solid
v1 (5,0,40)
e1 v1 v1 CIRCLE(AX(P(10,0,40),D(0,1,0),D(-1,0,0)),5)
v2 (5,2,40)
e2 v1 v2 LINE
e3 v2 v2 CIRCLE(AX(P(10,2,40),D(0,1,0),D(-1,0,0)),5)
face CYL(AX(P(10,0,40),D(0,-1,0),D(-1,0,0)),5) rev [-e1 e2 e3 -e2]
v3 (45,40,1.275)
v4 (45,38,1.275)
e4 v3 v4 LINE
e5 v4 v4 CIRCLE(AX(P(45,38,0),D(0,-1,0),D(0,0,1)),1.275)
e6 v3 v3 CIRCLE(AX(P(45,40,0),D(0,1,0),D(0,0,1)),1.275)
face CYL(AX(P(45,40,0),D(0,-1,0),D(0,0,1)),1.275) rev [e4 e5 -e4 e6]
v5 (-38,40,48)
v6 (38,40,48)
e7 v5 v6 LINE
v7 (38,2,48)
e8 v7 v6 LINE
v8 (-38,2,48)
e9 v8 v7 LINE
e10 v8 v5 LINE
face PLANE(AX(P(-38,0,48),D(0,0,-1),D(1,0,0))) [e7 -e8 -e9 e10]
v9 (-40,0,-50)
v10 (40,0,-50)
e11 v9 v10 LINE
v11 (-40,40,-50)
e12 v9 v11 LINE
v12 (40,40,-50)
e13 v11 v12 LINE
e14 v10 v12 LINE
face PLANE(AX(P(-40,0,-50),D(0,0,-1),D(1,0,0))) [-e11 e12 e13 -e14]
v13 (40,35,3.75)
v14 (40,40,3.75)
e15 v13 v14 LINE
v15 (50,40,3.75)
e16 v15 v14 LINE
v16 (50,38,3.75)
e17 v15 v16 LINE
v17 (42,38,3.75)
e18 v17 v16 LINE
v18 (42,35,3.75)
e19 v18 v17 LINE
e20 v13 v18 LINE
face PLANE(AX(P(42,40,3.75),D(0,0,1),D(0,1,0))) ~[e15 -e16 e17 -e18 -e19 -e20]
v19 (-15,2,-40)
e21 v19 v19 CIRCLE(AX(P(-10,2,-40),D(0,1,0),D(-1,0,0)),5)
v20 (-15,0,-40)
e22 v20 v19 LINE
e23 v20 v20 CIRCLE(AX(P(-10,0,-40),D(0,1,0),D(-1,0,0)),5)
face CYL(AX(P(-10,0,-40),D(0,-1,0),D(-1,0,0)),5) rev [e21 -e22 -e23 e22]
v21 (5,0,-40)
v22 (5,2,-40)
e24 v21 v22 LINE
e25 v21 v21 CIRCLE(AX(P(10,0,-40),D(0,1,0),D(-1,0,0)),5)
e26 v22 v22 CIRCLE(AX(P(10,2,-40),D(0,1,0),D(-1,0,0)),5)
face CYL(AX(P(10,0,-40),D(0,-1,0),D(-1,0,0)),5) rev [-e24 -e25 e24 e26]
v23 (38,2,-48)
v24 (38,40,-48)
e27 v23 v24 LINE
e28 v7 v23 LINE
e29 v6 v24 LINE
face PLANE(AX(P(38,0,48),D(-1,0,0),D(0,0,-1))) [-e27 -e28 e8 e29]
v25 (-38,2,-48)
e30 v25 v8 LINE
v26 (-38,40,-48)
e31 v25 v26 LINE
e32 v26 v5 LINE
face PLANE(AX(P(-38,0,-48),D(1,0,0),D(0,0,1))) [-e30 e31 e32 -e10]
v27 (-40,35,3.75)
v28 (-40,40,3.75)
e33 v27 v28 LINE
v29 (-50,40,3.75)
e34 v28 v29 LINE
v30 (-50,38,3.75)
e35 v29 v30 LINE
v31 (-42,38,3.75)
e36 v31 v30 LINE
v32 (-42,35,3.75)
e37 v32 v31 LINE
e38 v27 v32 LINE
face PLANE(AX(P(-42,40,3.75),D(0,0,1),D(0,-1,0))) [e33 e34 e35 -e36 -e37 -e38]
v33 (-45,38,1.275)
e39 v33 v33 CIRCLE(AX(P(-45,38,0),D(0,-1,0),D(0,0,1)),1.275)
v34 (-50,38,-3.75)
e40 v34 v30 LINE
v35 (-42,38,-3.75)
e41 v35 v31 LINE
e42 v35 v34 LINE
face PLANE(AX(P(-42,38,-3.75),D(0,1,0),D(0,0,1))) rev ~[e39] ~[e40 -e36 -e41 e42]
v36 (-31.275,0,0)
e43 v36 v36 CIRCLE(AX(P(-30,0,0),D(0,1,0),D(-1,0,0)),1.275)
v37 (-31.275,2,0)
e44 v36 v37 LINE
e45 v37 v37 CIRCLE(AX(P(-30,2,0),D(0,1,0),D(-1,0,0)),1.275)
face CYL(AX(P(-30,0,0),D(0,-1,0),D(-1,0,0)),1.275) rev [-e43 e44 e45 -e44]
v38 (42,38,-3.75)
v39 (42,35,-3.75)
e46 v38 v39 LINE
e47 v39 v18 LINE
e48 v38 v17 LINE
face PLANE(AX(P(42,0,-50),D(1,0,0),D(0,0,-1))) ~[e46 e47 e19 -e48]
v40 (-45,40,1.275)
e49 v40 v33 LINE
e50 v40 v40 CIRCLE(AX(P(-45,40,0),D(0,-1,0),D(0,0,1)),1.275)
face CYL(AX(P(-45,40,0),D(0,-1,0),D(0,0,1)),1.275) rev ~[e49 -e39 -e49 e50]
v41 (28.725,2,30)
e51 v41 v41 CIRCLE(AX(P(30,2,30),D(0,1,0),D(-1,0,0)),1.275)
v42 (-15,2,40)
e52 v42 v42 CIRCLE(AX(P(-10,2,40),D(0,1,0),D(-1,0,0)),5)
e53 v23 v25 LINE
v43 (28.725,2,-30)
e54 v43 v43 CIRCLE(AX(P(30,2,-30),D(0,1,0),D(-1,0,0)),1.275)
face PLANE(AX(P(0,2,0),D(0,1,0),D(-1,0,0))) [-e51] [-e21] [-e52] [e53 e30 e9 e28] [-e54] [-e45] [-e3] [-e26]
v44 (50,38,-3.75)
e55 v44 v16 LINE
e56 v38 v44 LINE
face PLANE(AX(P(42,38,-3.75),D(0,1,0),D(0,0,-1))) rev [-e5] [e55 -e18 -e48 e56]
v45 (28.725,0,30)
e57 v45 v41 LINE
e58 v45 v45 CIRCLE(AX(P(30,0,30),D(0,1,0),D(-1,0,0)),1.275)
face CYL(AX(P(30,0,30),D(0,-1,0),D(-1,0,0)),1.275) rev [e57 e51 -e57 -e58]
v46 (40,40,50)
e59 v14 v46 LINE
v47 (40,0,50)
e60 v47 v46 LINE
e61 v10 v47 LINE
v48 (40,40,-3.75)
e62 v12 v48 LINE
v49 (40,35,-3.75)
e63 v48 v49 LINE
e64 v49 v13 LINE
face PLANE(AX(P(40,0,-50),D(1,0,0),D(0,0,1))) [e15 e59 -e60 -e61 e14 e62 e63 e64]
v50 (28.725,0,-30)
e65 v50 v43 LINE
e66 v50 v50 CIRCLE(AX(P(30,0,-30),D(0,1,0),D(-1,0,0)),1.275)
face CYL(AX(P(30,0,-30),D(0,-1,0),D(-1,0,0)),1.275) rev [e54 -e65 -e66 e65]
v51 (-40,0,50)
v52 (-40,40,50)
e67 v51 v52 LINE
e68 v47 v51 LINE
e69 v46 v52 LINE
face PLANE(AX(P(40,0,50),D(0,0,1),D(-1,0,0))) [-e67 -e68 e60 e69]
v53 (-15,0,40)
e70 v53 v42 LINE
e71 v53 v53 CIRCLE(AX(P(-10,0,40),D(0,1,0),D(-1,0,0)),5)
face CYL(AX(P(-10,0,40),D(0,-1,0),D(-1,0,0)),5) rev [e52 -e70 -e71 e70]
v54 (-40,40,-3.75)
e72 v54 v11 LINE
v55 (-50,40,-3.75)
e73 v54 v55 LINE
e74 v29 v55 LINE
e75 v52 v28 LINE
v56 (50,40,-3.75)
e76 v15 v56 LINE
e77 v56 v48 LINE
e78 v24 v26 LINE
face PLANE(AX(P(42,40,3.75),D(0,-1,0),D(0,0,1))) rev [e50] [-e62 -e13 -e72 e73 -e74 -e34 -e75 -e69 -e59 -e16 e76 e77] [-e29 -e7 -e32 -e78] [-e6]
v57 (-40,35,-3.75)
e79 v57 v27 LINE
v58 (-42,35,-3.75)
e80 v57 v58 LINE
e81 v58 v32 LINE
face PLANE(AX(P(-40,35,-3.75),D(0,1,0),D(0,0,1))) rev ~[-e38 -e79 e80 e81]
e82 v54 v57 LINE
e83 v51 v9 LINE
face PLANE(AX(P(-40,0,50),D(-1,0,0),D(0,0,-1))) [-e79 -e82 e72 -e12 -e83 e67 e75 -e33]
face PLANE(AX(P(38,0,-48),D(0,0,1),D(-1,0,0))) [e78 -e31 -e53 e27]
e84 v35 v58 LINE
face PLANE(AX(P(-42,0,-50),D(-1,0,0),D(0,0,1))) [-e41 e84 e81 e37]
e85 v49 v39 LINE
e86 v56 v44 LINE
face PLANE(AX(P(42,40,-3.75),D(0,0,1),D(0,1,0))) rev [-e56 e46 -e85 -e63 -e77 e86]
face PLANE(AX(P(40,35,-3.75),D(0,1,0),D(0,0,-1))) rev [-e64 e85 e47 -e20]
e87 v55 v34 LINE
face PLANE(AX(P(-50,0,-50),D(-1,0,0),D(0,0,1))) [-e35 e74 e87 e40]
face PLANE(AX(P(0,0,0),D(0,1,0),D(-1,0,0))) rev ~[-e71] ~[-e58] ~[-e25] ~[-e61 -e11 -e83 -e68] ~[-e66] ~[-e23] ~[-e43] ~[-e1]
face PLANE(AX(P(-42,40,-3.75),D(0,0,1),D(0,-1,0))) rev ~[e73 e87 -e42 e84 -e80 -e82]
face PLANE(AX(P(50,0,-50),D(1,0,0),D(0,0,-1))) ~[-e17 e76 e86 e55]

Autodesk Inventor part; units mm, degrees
ref_plane "YZ Plane" through (0, 0, 0) normal (1, 0, 0) x (0, 1, 0)
ref_plane "XZ Plane" through (0, 0, 0) normal (0, 1, 0) x (-1, 0, 0)
ref_plane "XY Plane" through (0, 0, 0) normal (0, 0, 1) x (1, 0, 0)
sketch "Base" plane through (0, 0, 0) normal (0, 1, 0) x (-1, 0, 0)
  line L0 (-40, 50) -> (40, 50)
  line L1 (40, 50) -> (40, -50)
  line L2 (40, -50) -> (-40, -50)
  line L3 (-40, -50) -> (-40, 50)
  line L4 (-40, 50) -> (40, -50) construction
  line L5 (40, 50) -> (-40, -50) construction
  circle A0 centre (10, 40) radius 5
  circle A1 centre (-10, 40) radius 5
  circle A2 centre (10, -40) radius 5
  circle A3 centre (-10, -40) radius 5
  circle A4 centre (-30, 30) radius 1.275
  circle A5 centre (-30, -30) radius 1.275
  circle A6 centre (30, 0) radius 1.275
  line L6 (38, -48) -> (38, 48)
  line L7 (38, 48) -> (-38, 48)
  line L8 (-38, 48) -> (-38, -48)
  line L9 (-38, -48) -> (38, -48)
  point P0 (0, 0)
  dimension "d0" = 80
  dimension "d1" = 100
  dimension "d2" = 30
  dimension "d3" = 10
  dimension "d4" = 10
  dimension "d6" = 10
  dimension "d7" = 2.55
  dimension "d8" = 70
  dimension "d10" = 2.55
  dimension "d11" = 2
extrude "Extrusión base" add sketch "Base" along normal blind 2 contours L9 L8 L7 L6
extrude "Paredes" add sketch "Base" along normal blind 40 contours L0 L1 L2 L3
sketch "Boceto2" plane through (-40, 0, -50) normal (-1, 0, 0) x (0, 0, 1)
  line L0 (0, 40) -> (100, 40) projected
  line L1 (98, 40) -> (2, 40) projected
  line L2 (46.25, 35) -> (53.75, 35)
  line L3 (53.75, 35) -> (53.75, 40)
  line L4 (53.75, 40) -> (46.25, 40)
  line L5 (46.25, 40) -> (46.25, 35)
  line L6 (46.25, 35) -> (53.75, 40) construction
  line L7 (53.75, 35) -> (46.25, 40) construction
  point P0 (50, 0)
  point P1 (50, 37.5)
  dimension "d16" = 2.5
  dimension "d17" = 7.5
extrude "Extrusión3" add sketch "Boceto2" along normal blind 2
mirror "Simetría1" about plane through (0, 0, 0) normal (1, 0, 0) of "Extrusión3"
sketch "Boceto3" plane through (-42, 0, -50) normal (-1, 0, 0) x (0, 0, 1)
  line L0 (53.75, 40) -> (46.25, 40) projected
  line L1 (53.75, 40) -> (53.75, 35) projected
  line L2 (46.25, 38) -> (53.75, 38)
  line L3 (53.75, 38) -> (53.75, 40)
  line L4 (53.75, 40) -> (46.25, 40)
  line L5 (46.25, 40) -> (46.25, 38)
  line L6 (46.25, 38) -> (53.75, 40) construction
  line L7 (53.75, 38) -> (46.25, 40) construction
  point P0 (50, 0)
  point P1 (50, 39)
  dimension "d20" = 1
extrude "Extrusión4" add sketch "Boceto3" along normal blind 8
mirror "Simetría2" about plane through (0, 0, 0) normal (1, 0, 0) of "Extrusión4"
sketch "Boceto4" plane through (0, 40, 0) normal (0, 1, 0) x (1, 0, 0)
  line L0 (-50, -3.75) -> (-50, 3.75) projected
  line L1 (-40, -3.75) -> (-50, -3.75) projected
  circle A0 centre (-45, 0) radius 1.275
  point P0 (0, 0)
  dimension "d23" = 5
  dimension "d24" = 3.75
  dimension "d25" = 2.55
hole "Agujero1" at (-45, 40, 0) direction (0, -1, 0) diameter 2.55 end through all
mirror "Simetría3" about plane through (0, 0, 0) normal (1, 0, 0) of "Agujero1"
properties part number "Contenedor Puente H v1.0"
